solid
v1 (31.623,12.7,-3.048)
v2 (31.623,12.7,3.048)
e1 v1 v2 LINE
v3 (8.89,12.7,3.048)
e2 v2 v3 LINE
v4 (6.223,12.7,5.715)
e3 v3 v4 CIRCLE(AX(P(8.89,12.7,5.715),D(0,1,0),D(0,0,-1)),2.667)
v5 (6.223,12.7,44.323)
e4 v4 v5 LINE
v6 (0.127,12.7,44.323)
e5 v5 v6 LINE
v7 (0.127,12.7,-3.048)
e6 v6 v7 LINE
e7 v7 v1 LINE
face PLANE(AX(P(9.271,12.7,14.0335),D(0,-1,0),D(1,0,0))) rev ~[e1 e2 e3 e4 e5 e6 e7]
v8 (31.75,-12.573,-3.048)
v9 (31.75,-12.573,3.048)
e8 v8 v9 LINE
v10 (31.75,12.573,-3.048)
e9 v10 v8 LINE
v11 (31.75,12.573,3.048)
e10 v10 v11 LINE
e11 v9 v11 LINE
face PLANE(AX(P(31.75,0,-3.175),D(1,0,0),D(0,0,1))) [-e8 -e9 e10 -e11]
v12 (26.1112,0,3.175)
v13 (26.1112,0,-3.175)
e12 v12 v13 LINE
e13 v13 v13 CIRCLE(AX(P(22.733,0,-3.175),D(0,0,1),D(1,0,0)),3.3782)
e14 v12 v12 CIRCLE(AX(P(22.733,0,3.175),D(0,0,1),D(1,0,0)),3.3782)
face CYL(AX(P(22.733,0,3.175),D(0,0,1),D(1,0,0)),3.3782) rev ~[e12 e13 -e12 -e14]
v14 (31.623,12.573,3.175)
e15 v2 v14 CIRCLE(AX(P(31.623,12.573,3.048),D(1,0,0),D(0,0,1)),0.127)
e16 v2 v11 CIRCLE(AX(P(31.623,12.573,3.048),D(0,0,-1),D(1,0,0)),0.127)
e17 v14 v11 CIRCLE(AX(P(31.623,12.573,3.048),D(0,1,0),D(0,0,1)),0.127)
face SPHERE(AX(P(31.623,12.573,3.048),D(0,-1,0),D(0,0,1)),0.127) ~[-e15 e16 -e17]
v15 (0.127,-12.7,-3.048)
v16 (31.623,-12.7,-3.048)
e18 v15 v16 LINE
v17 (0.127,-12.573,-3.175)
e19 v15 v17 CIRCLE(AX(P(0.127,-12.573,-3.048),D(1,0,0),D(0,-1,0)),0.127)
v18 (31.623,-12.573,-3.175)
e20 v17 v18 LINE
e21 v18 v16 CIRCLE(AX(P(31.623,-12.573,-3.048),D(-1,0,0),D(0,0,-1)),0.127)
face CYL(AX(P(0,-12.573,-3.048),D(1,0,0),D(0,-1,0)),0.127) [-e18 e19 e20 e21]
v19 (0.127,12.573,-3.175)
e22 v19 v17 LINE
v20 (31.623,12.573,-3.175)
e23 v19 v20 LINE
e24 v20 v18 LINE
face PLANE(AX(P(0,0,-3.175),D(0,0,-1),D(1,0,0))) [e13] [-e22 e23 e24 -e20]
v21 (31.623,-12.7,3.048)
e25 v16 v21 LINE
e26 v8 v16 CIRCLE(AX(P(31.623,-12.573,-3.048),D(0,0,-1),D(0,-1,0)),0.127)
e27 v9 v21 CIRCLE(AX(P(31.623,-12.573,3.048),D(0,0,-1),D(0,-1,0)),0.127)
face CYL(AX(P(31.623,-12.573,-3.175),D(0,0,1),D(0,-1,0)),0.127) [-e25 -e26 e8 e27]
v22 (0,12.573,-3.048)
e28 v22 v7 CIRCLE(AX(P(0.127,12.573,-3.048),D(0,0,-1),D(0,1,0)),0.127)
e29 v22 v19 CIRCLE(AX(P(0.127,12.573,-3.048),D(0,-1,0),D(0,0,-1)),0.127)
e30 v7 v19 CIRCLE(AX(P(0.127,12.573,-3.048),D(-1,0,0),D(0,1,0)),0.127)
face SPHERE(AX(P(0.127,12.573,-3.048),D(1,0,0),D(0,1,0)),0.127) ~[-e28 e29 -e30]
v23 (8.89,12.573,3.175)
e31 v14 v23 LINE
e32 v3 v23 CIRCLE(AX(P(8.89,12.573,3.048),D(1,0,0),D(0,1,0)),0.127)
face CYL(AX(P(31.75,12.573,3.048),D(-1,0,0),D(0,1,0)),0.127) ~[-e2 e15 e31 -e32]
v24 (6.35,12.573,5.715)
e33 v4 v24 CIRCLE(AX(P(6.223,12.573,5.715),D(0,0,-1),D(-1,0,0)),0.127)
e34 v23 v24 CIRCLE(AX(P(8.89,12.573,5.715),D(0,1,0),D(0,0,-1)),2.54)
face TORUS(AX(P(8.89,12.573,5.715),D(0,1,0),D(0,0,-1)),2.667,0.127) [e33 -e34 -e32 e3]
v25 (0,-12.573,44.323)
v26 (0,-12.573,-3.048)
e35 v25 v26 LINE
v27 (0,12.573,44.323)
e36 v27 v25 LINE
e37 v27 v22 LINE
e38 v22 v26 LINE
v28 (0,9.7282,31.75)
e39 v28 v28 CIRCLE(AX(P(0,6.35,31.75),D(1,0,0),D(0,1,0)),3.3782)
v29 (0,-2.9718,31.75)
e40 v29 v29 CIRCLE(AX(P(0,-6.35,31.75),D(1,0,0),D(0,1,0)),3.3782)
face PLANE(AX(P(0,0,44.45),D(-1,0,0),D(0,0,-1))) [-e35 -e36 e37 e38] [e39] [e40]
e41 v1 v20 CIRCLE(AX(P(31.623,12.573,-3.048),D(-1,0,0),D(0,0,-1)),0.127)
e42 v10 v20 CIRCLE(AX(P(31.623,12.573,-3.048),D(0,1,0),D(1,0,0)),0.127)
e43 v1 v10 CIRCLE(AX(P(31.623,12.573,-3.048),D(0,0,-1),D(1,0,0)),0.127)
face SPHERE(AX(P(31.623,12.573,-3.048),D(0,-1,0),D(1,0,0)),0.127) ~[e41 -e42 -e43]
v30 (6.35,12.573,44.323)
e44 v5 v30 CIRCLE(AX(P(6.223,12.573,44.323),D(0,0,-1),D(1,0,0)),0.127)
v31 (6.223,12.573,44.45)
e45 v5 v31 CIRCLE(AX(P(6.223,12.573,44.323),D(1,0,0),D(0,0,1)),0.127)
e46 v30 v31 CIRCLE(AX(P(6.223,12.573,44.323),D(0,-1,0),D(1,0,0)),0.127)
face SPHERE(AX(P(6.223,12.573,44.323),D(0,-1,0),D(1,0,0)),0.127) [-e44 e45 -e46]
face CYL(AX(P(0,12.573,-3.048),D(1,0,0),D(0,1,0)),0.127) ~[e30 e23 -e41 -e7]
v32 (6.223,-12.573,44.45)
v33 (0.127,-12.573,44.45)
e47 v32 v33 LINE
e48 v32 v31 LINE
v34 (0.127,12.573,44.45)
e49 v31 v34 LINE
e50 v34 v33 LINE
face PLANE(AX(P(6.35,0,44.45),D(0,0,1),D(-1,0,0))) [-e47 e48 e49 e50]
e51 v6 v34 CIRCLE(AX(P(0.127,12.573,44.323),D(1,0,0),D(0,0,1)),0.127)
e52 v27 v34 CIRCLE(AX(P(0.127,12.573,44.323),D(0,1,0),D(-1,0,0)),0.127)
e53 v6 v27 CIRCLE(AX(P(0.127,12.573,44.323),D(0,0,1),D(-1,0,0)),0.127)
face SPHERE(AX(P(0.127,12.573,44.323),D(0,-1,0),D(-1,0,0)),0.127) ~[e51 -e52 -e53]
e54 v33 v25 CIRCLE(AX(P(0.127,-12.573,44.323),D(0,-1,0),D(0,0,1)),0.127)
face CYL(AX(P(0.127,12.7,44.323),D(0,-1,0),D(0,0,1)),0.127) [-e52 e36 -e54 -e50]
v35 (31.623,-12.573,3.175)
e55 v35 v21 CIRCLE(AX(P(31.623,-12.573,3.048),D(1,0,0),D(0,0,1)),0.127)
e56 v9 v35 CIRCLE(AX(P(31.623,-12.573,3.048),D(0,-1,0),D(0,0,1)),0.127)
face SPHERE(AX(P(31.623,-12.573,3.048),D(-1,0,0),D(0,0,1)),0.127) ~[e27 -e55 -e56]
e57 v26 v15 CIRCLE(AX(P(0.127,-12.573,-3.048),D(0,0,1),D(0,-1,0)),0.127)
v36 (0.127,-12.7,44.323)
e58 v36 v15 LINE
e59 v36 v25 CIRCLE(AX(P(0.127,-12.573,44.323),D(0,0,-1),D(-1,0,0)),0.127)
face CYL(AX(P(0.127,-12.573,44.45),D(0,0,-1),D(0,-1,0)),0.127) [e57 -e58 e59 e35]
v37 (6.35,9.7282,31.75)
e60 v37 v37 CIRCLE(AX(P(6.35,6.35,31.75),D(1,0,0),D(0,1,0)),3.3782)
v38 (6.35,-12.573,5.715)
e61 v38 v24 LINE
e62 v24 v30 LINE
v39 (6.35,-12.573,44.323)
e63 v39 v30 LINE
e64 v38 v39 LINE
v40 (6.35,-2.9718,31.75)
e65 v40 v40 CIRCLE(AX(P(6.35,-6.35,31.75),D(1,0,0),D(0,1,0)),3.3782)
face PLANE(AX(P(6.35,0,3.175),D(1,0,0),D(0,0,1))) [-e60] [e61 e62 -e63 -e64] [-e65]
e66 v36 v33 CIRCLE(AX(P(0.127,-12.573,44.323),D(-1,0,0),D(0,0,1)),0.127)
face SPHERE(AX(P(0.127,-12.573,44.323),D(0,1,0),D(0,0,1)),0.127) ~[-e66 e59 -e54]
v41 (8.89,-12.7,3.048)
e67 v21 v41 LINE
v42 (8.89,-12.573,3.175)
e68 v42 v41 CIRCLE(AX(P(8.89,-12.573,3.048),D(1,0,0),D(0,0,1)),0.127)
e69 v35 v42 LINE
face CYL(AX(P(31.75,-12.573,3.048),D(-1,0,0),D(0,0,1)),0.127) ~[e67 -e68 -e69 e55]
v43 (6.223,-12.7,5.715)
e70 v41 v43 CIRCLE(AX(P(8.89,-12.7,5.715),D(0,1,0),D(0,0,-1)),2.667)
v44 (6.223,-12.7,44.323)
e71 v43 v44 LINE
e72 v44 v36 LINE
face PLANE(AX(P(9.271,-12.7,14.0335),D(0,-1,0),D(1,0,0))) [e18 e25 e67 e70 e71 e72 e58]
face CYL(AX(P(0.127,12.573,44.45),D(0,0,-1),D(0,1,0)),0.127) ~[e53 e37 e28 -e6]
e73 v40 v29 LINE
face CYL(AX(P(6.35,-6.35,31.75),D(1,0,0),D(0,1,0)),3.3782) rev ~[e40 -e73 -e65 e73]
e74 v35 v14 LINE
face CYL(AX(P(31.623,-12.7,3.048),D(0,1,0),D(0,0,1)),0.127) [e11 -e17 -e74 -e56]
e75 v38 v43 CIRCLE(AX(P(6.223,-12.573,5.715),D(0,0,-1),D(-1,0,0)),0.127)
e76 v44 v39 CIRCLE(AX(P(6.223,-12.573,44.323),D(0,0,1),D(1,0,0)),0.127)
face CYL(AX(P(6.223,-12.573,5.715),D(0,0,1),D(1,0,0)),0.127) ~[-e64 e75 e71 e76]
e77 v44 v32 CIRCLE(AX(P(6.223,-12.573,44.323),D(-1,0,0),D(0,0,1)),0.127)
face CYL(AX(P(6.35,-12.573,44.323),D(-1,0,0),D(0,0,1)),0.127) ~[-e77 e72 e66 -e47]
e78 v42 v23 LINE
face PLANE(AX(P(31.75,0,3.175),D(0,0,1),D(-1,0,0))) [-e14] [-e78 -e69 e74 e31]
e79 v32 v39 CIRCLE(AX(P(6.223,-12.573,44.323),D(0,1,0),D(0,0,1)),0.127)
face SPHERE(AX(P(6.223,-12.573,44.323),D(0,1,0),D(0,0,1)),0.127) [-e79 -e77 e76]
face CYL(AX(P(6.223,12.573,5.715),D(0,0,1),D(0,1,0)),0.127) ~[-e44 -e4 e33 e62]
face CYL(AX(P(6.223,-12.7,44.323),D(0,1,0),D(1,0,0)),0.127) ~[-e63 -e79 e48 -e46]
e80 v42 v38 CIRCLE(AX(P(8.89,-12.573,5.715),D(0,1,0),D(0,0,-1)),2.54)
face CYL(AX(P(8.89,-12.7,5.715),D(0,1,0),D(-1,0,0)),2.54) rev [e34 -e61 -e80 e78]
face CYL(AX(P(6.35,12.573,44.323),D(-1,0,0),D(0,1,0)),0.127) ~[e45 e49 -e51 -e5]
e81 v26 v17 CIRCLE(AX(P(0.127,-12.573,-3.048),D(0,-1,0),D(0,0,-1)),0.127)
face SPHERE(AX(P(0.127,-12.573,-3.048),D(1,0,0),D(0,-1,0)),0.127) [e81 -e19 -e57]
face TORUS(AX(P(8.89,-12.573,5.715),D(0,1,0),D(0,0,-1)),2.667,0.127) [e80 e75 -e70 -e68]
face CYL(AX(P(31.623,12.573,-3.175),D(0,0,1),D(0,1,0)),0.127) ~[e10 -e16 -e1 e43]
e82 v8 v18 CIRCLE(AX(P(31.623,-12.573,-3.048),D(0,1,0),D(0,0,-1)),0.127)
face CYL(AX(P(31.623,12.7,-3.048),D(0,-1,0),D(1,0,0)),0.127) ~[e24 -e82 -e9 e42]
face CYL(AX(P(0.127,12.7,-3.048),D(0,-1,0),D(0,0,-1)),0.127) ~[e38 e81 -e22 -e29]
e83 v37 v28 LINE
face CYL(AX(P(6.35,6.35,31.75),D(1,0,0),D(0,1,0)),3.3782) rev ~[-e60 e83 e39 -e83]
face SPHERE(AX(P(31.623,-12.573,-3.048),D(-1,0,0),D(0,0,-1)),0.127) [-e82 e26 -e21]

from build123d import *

# Parameters (mm, degrees)
F1_DEPTH = 12.7
F2_R     = 2.54
F3_R     = 0.127
F4_R     = 3.3782
F5_DEPTH = 6.351
F6_R     = 3.3782
F7_DEPTH = 6.351


with BuildPart() as f1:
    # F0 (on Front) → F1 (new body, symmetric)
    with BuildSketch(Plane.XZ):
        Polygon((6.35, 44.45), (0, 44.45), (0, 3.175), (0, 0), (0, -3.175), (31.75, -3.175), (31.75, 3.175), (6.35, 3.175), align=None)
    extrude(amount=F1_DEPTH, both=True)

    # F2
    f2_edges = [f1.edges().sort_by_distance(p)[0] for p in [
        (6.35, 0, 3.175),
    ]]
    fillet(f2_edges, radius=F2_R)

    # F3
    f3_edges = [f1.edges().sort_by_distance(p)[0] for p in [
        (6.35, 0, 44.45),
        (0, 0, 44.45),
        (3.175, -12.7, 44.45),
        (6.35, -12.7, 25.0825),
        (20.32, -12.7, 3.175),
        (15.875, -12.7, -3.175),
        (0, -12.7, 20.6375),
        (31.75, 0, 3.175),
        (31.75, 0, -3.175),
        (20.32, 12.7, 3.175),
        (31.75, 12.7, 0),
        (15.875, 12.7, -3.175),
        (0, 12.7, 20.6375),
        (6.35, 12.7, 25.0825),
        (0, 0, -3.175),
        (31.75, -12.7, 0),
        (3.175, 12.7, 44.45),
    ]]
    fillet(f3_edges, radius=F3_R)

    # F4 (on face) → F5 (cut, through all)
    with BuildSketch(Plane.YZ.offset(6.35)):
        with Locations((-6.35, 31.75)):
            Circle(F4_R)
        with Locations((6.35, 31.75)):
            Circle(F4_R)
    extrude(amount=-F5_DEPTH, mode=Mode.SUBTRACT)

    # F6 (on face) → F7 (cut, through all)
    with BuildSketch(Plane.XY.offset(3.175)):
        with Locations((22.733, 0)):
            Circle(F6_R)
    extrude(amount=-F7_DEPTH, mode=Mode.SUBTRACT)


solid = f1.part
